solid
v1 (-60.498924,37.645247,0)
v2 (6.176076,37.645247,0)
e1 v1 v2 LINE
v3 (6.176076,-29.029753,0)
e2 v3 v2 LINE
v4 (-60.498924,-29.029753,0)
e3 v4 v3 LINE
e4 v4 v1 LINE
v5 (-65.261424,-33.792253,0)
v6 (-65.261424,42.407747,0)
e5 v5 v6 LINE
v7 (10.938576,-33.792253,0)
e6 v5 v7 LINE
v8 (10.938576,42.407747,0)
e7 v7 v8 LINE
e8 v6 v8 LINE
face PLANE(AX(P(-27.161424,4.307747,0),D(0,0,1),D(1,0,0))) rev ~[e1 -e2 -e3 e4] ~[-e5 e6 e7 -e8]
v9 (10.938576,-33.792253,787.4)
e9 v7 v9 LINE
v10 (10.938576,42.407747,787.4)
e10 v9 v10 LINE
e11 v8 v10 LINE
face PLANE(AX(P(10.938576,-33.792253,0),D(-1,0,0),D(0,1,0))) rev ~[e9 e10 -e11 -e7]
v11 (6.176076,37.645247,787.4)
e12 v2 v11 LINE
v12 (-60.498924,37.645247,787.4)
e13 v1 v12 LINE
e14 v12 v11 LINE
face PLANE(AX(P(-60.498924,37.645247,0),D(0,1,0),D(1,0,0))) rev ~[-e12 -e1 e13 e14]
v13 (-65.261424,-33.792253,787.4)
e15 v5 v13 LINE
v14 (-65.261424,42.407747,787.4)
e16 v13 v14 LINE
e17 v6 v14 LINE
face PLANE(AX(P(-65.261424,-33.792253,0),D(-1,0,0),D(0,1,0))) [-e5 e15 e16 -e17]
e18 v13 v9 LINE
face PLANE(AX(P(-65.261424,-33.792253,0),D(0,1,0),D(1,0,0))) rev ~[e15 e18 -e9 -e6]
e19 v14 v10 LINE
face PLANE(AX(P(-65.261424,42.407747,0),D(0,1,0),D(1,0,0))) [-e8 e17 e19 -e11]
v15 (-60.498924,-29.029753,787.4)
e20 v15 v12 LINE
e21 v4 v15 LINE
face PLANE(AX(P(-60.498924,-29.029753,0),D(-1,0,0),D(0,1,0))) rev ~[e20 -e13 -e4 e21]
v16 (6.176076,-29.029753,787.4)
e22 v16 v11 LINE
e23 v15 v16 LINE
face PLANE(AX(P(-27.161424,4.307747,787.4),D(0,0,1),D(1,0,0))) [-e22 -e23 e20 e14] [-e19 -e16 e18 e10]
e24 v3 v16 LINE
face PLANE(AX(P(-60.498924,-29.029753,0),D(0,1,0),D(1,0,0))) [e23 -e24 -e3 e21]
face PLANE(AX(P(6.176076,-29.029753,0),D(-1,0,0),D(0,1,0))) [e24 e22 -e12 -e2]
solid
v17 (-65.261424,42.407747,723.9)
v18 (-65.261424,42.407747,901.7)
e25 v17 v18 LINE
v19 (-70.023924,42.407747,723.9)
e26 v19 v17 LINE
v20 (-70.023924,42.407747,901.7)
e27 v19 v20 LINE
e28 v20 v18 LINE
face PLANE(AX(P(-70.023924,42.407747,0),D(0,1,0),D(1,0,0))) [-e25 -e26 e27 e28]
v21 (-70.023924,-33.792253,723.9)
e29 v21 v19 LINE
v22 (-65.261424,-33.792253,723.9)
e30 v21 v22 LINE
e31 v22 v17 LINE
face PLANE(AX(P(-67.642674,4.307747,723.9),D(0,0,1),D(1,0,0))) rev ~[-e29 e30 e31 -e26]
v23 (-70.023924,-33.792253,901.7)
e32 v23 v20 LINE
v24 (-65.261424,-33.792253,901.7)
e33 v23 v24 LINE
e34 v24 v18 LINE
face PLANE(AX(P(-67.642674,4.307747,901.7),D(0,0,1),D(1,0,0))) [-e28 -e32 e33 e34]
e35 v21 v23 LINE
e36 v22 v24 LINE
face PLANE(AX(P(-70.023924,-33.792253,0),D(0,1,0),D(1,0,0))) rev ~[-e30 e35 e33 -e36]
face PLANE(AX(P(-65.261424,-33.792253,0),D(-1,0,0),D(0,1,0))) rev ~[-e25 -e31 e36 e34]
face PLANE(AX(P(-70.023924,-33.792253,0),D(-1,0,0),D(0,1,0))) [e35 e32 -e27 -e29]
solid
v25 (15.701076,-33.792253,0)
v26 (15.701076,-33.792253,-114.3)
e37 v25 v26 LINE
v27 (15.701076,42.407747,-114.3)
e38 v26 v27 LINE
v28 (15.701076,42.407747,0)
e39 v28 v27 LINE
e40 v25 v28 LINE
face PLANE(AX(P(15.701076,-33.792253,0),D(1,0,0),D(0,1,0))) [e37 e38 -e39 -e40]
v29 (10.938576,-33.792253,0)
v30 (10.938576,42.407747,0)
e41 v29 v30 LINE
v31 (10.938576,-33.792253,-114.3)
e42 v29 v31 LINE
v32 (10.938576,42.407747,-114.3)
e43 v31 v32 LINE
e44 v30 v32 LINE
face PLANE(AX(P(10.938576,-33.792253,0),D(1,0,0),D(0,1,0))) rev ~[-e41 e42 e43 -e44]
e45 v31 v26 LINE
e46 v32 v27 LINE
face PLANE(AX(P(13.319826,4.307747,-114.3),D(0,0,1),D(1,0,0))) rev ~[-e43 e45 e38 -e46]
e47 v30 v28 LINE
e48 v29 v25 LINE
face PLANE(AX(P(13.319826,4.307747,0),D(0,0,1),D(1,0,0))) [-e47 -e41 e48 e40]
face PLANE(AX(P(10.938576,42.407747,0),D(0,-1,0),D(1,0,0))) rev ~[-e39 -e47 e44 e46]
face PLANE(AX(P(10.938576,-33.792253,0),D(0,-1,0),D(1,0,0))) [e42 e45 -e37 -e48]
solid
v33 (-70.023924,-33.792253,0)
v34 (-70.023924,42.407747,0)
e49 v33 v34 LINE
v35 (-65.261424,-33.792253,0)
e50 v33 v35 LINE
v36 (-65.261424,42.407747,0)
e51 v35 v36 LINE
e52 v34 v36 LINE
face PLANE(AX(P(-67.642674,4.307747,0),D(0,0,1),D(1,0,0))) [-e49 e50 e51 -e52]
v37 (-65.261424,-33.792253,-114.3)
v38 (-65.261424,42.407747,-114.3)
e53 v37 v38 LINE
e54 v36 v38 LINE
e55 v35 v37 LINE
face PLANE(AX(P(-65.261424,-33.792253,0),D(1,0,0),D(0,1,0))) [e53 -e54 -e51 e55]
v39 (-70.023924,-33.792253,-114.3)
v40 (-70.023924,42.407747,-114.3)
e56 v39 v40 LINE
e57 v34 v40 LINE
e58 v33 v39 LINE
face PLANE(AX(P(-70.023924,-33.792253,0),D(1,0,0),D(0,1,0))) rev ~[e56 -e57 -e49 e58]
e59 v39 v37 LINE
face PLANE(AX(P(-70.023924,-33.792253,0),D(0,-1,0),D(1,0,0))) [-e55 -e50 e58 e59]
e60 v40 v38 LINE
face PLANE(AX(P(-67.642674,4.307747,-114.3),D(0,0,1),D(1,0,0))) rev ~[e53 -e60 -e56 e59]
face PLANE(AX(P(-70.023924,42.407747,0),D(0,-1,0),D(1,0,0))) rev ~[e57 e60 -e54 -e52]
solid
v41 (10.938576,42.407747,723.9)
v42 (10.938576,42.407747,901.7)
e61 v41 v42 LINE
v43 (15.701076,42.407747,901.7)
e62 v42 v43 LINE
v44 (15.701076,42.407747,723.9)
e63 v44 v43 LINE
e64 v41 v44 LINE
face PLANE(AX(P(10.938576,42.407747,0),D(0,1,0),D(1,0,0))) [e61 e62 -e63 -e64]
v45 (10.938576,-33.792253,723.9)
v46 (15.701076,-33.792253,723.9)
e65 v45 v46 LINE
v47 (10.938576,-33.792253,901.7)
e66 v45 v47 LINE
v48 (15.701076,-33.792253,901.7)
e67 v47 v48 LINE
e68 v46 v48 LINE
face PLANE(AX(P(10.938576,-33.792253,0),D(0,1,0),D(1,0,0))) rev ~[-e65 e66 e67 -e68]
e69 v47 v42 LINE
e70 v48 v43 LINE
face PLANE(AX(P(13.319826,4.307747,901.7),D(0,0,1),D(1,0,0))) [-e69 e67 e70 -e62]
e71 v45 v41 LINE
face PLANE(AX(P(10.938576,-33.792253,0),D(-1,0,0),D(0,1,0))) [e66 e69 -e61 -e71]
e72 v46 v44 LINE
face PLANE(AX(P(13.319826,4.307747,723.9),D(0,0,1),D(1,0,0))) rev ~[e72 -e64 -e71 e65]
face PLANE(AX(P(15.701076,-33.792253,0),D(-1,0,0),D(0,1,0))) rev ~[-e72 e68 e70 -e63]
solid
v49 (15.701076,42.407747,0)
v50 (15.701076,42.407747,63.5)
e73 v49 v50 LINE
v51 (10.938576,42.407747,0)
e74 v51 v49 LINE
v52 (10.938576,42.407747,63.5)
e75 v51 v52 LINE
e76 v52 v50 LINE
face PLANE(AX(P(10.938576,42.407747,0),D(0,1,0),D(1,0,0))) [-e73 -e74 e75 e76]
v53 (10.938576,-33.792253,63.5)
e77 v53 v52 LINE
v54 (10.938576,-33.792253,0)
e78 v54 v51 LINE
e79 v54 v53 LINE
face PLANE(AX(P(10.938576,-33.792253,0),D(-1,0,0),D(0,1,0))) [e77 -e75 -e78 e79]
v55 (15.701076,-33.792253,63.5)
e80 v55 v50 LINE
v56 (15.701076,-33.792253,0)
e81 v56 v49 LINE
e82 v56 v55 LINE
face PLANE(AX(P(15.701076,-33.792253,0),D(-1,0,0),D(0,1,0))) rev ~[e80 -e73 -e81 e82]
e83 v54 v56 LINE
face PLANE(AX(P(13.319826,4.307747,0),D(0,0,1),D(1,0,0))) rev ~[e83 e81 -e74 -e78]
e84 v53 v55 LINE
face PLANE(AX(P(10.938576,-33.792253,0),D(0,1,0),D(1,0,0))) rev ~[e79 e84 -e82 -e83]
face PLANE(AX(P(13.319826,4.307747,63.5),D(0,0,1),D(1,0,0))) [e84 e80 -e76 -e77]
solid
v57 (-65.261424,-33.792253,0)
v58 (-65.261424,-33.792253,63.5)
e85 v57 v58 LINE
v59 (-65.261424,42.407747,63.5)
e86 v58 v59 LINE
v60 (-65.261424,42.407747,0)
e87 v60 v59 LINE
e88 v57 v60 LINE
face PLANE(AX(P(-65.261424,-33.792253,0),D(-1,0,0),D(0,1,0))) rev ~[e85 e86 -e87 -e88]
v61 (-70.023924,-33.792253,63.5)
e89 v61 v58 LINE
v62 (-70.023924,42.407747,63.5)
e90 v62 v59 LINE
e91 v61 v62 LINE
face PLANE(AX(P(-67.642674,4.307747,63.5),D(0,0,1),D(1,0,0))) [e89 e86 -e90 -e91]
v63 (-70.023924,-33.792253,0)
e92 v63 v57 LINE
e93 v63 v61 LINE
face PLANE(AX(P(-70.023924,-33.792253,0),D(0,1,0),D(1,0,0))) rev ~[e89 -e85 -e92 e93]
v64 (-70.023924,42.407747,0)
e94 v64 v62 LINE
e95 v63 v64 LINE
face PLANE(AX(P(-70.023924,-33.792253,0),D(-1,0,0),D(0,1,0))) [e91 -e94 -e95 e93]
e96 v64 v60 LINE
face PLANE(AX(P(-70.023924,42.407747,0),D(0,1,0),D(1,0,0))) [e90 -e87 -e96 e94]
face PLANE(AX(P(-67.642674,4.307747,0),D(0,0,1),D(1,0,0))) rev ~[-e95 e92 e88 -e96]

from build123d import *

# Parameters (mm, degrees)
F0_W     = 76.2
F0_H     = 76.2
F0_W_2   = 66.675
F0_H_2   = 66.675
F1_DEPTH = 787.4
F0_W_3   = 4.7625
F3_DEPTH = 114.3
F4_DEPTH = 901.7
F2_DEPTH = 723.9
F5_DEPTH = 63.5


with BuildPart() as f1:
    # F0 (on Top) → F1 (new body)
    with BuildSketch(Plane.XY):
        with Locations((-27.161424, 4.307747)):
            Rectangle(F0_W, F0_H)
        with Locations((-27.161424, 4.307747)):
            Rectangle(F0_W_2, F0_H_2, mode=Mode.SUBTRACT)
    extrude(amount=F1_DEPTH)


with BuildPart() as f3:
    # F0 (on Top) → F3 (new body)
    with BuildSketch(Plane.XY):
        with Locations((13.319826, 4.307747)):
            Rectangle(F0_W_3, F0_H)
        with Locations((-67.642674, 4.307747)):
            Rectangle(F0_W_3, F0_H)
    extrude(amount=-F3_DEPTH)


with BuildPart() as f4:
    # F0 (on Top) → F4 (new body)
    with BuildSketch(Plane.XY):
        with Locations((13.319826, 4.307747)):
            Rectangle(F0_W_3, F0_H)
        with Locations((-67.642674, 4.307747)):
            Rectangle(F0_W_3, F0_H)
    extrude(amount=F4_DEPTH)

    # F0 (on Top) → F2 (cut)
    with BuildSketch(Plane.XY):
        with Locations((13.319826, 4.307747)):
            Rectangle(F0_W_3, F0_H)
        with Locations((-67.642674, 4.307747)):
            Rectangle(F0_W_3, F0_H)
    extrude(amount=F2_DEPTH, mode=Mode.SUBTRACT)


with BuildPart() as f5:
    # F0 (on Top) → F5 (new body)
    with BuildSketch(Plane.XY):
        with Locations((13.319826, 4.307747)):
            Rectangle(F0_W_3, F0_H)
        with Locations((-67.642674, 4.307747)):
            Rectangle(F0_W_3, F0_H)
    extrude(amount=F5_DEPTH)


solid = Compound([f1.part, f3.part, f4.part, f5.part])
